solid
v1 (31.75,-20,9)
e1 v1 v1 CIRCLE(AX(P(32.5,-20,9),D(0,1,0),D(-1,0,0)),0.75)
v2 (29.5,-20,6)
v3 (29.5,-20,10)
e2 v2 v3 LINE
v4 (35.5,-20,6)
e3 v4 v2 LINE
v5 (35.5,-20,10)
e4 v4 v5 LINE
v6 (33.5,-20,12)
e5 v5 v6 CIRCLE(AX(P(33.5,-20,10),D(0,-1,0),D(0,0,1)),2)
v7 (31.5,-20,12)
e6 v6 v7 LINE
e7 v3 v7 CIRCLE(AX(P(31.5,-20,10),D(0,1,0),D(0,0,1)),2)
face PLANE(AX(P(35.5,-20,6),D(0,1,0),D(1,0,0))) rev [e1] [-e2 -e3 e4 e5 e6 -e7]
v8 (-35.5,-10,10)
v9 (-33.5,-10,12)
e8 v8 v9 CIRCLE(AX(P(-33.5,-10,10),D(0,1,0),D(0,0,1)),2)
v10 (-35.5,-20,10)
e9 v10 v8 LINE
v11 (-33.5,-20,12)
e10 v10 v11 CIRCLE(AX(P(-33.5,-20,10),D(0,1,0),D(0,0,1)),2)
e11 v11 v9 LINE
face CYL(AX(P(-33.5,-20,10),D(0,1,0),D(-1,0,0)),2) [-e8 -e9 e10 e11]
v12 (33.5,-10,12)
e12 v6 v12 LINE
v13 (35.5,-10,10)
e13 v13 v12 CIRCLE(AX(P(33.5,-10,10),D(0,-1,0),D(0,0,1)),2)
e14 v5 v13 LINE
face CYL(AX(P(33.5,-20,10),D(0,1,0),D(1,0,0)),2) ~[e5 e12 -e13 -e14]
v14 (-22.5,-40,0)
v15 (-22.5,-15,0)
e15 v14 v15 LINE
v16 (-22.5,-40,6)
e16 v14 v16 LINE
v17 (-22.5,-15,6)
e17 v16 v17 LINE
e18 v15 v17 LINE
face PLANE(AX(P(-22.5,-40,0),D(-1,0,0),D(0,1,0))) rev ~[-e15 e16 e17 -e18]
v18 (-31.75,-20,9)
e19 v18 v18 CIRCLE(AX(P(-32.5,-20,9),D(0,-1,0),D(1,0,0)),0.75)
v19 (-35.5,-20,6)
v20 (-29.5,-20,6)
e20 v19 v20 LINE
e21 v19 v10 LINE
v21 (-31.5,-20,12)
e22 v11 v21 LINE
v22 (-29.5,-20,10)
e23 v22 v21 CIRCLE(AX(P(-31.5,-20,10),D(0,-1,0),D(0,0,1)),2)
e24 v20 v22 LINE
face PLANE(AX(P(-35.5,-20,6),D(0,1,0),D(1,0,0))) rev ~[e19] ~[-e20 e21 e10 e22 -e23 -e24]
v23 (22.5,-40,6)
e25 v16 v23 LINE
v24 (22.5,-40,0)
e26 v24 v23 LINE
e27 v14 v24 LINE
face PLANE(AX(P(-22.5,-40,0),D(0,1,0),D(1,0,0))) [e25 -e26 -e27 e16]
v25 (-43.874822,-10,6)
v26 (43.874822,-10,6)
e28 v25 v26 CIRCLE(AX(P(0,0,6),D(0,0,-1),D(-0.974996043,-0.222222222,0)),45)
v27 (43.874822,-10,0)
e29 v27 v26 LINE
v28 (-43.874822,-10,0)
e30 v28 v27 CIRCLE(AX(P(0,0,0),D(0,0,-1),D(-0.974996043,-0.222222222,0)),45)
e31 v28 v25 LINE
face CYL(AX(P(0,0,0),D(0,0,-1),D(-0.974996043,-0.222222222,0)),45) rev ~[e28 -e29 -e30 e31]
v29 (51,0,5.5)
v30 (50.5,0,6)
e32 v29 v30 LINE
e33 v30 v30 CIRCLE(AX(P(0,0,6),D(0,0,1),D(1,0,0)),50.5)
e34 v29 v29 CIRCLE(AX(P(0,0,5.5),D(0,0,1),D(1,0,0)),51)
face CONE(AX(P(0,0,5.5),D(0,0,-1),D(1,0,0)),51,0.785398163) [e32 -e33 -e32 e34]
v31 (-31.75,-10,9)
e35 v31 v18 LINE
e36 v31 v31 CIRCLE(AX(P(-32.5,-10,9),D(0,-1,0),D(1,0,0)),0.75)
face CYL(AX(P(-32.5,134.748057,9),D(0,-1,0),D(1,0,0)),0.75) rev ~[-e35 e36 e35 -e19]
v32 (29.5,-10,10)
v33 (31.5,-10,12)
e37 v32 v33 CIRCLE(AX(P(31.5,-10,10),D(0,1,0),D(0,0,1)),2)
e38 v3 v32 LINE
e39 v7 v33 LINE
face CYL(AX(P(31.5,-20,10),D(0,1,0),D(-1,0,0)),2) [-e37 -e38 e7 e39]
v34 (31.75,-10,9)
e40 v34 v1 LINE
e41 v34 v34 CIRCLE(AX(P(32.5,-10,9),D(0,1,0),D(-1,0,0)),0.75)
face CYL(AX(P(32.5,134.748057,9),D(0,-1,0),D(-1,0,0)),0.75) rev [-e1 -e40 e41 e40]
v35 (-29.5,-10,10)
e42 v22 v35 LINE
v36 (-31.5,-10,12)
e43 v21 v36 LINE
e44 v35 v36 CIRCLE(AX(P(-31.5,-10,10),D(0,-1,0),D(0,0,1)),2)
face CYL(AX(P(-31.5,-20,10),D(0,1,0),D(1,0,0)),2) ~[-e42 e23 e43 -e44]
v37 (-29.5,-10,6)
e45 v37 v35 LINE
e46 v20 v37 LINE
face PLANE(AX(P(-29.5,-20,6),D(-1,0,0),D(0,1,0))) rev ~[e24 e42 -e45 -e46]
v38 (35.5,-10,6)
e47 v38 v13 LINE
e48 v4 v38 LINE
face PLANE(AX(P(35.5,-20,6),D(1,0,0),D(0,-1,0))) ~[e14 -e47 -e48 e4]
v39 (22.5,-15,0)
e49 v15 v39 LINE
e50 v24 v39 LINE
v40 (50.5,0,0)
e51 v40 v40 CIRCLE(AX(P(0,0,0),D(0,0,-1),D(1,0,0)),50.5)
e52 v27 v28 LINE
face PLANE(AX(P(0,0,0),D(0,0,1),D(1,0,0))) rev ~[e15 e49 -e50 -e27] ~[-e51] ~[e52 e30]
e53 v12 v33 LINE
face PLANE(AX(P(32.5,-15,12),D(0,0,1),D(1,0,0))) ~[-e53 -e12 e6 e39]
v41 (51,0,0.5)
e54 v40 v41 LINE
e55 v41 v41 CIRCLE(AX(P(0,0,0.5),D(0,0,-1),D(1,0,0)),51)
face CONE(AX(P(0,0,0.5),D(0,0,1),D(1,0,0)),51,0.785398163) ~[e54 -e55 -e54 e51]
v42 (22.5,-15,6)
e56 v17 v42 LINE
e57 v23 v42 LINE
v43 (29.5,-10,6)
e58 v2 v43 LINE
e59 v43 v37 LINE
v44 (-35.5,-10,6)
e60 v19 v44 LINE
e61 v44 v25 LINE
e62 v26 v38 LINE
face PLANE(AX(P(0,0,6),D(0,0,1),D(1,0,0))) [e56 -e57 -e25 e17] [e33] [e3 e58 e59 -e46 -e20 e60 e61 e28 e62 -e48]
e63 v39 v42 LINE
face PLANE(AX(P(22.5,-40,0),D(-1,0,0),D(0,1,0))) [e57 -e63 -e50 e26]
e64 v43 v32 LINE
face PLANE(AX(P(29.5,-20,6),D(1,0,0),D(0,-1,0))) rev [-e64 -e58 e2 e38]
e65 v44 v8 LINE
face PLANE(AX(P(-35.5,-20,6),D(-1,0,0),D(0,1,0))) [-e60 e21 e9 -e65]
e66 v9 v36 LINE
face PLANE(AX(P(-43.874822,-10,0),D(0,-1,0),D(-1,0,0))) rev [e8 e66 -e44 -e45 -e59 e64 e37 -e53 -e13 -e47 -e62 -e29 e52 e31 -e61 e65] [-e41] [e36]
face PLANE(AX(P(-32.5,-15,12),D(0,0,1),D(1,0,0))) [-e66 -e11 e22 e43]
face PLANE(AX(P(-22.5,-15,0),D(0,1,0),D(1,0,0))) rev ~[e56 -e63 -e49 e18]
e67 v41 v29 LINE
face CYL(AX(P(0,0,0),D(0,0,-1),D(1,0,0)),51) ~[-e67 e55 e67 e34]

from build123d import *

# Parameters (mm, degrees)
F0_R     = 51
F0_W     = 45
F0_H     = 25
F1_DEPTH = 6
F2_W     = 6
F2_H     = 10
F3_DEPTH = 6
F5_R     = 2
F6_D     = 1.5
F8_SIZE  = 0.5


with BuildPart() as f1:
    # F0 (on Top) → F1 (new body)
    with BuildSketch(Plane.XY):
        Circle(F0_R)
        with Locations((0, -27.5)):
            Rectangle(F0_W, F0_H, mode=Mode.SUBTRACT)
        with BuildLine():
            Line((43.874821937, -10), (-43.874821937, -10))
            ThreePointArc((-43.874821937, -10), (0, 45), (43.874821937, -10))
        make_face(mode=Mode.SUBTRACT)
    extrude(amount=F1_DEPTH)

    # F2 (on face) → F3 (join)
    with BuildSketch(Plane.XY.offset(6)):
        with Locations((-32.5, -15)):
            Rectangle(F2_W, F2_H)
    extrude(amount=F3_DEPTH)

    # F5
    f5_edges = [f1.edges().sort_by_distance(p)[0] for p in [
        (-29.5, -15, 12),
        (-35.5, -15, 12),
    ]]
    fillet(f5_edges, radius=F5_R)

    # F6 (through all)
    with Locations(Plane(origin=(0, -10, 0), x_dir=(-1, 0, 0), z_dir=(0, 1, 0))):
        with Locations((32.5, 9)):
            Hole(F6_D / 2)

    # F7: F1 across plane


with BuildPart() as f1_1:
    add(f1.part)
    add(f1.part.mirror(Plane.YZ))

    # F8
    f8_edges = [f1_1.edges().sort_by_distance(p)[0] for p in [
        (-51, 0, 6),
        (-51, 0, 0),
    ]]
    chamfer(f8_edges, length=F8_SIZE)


solid = f1_1.part
